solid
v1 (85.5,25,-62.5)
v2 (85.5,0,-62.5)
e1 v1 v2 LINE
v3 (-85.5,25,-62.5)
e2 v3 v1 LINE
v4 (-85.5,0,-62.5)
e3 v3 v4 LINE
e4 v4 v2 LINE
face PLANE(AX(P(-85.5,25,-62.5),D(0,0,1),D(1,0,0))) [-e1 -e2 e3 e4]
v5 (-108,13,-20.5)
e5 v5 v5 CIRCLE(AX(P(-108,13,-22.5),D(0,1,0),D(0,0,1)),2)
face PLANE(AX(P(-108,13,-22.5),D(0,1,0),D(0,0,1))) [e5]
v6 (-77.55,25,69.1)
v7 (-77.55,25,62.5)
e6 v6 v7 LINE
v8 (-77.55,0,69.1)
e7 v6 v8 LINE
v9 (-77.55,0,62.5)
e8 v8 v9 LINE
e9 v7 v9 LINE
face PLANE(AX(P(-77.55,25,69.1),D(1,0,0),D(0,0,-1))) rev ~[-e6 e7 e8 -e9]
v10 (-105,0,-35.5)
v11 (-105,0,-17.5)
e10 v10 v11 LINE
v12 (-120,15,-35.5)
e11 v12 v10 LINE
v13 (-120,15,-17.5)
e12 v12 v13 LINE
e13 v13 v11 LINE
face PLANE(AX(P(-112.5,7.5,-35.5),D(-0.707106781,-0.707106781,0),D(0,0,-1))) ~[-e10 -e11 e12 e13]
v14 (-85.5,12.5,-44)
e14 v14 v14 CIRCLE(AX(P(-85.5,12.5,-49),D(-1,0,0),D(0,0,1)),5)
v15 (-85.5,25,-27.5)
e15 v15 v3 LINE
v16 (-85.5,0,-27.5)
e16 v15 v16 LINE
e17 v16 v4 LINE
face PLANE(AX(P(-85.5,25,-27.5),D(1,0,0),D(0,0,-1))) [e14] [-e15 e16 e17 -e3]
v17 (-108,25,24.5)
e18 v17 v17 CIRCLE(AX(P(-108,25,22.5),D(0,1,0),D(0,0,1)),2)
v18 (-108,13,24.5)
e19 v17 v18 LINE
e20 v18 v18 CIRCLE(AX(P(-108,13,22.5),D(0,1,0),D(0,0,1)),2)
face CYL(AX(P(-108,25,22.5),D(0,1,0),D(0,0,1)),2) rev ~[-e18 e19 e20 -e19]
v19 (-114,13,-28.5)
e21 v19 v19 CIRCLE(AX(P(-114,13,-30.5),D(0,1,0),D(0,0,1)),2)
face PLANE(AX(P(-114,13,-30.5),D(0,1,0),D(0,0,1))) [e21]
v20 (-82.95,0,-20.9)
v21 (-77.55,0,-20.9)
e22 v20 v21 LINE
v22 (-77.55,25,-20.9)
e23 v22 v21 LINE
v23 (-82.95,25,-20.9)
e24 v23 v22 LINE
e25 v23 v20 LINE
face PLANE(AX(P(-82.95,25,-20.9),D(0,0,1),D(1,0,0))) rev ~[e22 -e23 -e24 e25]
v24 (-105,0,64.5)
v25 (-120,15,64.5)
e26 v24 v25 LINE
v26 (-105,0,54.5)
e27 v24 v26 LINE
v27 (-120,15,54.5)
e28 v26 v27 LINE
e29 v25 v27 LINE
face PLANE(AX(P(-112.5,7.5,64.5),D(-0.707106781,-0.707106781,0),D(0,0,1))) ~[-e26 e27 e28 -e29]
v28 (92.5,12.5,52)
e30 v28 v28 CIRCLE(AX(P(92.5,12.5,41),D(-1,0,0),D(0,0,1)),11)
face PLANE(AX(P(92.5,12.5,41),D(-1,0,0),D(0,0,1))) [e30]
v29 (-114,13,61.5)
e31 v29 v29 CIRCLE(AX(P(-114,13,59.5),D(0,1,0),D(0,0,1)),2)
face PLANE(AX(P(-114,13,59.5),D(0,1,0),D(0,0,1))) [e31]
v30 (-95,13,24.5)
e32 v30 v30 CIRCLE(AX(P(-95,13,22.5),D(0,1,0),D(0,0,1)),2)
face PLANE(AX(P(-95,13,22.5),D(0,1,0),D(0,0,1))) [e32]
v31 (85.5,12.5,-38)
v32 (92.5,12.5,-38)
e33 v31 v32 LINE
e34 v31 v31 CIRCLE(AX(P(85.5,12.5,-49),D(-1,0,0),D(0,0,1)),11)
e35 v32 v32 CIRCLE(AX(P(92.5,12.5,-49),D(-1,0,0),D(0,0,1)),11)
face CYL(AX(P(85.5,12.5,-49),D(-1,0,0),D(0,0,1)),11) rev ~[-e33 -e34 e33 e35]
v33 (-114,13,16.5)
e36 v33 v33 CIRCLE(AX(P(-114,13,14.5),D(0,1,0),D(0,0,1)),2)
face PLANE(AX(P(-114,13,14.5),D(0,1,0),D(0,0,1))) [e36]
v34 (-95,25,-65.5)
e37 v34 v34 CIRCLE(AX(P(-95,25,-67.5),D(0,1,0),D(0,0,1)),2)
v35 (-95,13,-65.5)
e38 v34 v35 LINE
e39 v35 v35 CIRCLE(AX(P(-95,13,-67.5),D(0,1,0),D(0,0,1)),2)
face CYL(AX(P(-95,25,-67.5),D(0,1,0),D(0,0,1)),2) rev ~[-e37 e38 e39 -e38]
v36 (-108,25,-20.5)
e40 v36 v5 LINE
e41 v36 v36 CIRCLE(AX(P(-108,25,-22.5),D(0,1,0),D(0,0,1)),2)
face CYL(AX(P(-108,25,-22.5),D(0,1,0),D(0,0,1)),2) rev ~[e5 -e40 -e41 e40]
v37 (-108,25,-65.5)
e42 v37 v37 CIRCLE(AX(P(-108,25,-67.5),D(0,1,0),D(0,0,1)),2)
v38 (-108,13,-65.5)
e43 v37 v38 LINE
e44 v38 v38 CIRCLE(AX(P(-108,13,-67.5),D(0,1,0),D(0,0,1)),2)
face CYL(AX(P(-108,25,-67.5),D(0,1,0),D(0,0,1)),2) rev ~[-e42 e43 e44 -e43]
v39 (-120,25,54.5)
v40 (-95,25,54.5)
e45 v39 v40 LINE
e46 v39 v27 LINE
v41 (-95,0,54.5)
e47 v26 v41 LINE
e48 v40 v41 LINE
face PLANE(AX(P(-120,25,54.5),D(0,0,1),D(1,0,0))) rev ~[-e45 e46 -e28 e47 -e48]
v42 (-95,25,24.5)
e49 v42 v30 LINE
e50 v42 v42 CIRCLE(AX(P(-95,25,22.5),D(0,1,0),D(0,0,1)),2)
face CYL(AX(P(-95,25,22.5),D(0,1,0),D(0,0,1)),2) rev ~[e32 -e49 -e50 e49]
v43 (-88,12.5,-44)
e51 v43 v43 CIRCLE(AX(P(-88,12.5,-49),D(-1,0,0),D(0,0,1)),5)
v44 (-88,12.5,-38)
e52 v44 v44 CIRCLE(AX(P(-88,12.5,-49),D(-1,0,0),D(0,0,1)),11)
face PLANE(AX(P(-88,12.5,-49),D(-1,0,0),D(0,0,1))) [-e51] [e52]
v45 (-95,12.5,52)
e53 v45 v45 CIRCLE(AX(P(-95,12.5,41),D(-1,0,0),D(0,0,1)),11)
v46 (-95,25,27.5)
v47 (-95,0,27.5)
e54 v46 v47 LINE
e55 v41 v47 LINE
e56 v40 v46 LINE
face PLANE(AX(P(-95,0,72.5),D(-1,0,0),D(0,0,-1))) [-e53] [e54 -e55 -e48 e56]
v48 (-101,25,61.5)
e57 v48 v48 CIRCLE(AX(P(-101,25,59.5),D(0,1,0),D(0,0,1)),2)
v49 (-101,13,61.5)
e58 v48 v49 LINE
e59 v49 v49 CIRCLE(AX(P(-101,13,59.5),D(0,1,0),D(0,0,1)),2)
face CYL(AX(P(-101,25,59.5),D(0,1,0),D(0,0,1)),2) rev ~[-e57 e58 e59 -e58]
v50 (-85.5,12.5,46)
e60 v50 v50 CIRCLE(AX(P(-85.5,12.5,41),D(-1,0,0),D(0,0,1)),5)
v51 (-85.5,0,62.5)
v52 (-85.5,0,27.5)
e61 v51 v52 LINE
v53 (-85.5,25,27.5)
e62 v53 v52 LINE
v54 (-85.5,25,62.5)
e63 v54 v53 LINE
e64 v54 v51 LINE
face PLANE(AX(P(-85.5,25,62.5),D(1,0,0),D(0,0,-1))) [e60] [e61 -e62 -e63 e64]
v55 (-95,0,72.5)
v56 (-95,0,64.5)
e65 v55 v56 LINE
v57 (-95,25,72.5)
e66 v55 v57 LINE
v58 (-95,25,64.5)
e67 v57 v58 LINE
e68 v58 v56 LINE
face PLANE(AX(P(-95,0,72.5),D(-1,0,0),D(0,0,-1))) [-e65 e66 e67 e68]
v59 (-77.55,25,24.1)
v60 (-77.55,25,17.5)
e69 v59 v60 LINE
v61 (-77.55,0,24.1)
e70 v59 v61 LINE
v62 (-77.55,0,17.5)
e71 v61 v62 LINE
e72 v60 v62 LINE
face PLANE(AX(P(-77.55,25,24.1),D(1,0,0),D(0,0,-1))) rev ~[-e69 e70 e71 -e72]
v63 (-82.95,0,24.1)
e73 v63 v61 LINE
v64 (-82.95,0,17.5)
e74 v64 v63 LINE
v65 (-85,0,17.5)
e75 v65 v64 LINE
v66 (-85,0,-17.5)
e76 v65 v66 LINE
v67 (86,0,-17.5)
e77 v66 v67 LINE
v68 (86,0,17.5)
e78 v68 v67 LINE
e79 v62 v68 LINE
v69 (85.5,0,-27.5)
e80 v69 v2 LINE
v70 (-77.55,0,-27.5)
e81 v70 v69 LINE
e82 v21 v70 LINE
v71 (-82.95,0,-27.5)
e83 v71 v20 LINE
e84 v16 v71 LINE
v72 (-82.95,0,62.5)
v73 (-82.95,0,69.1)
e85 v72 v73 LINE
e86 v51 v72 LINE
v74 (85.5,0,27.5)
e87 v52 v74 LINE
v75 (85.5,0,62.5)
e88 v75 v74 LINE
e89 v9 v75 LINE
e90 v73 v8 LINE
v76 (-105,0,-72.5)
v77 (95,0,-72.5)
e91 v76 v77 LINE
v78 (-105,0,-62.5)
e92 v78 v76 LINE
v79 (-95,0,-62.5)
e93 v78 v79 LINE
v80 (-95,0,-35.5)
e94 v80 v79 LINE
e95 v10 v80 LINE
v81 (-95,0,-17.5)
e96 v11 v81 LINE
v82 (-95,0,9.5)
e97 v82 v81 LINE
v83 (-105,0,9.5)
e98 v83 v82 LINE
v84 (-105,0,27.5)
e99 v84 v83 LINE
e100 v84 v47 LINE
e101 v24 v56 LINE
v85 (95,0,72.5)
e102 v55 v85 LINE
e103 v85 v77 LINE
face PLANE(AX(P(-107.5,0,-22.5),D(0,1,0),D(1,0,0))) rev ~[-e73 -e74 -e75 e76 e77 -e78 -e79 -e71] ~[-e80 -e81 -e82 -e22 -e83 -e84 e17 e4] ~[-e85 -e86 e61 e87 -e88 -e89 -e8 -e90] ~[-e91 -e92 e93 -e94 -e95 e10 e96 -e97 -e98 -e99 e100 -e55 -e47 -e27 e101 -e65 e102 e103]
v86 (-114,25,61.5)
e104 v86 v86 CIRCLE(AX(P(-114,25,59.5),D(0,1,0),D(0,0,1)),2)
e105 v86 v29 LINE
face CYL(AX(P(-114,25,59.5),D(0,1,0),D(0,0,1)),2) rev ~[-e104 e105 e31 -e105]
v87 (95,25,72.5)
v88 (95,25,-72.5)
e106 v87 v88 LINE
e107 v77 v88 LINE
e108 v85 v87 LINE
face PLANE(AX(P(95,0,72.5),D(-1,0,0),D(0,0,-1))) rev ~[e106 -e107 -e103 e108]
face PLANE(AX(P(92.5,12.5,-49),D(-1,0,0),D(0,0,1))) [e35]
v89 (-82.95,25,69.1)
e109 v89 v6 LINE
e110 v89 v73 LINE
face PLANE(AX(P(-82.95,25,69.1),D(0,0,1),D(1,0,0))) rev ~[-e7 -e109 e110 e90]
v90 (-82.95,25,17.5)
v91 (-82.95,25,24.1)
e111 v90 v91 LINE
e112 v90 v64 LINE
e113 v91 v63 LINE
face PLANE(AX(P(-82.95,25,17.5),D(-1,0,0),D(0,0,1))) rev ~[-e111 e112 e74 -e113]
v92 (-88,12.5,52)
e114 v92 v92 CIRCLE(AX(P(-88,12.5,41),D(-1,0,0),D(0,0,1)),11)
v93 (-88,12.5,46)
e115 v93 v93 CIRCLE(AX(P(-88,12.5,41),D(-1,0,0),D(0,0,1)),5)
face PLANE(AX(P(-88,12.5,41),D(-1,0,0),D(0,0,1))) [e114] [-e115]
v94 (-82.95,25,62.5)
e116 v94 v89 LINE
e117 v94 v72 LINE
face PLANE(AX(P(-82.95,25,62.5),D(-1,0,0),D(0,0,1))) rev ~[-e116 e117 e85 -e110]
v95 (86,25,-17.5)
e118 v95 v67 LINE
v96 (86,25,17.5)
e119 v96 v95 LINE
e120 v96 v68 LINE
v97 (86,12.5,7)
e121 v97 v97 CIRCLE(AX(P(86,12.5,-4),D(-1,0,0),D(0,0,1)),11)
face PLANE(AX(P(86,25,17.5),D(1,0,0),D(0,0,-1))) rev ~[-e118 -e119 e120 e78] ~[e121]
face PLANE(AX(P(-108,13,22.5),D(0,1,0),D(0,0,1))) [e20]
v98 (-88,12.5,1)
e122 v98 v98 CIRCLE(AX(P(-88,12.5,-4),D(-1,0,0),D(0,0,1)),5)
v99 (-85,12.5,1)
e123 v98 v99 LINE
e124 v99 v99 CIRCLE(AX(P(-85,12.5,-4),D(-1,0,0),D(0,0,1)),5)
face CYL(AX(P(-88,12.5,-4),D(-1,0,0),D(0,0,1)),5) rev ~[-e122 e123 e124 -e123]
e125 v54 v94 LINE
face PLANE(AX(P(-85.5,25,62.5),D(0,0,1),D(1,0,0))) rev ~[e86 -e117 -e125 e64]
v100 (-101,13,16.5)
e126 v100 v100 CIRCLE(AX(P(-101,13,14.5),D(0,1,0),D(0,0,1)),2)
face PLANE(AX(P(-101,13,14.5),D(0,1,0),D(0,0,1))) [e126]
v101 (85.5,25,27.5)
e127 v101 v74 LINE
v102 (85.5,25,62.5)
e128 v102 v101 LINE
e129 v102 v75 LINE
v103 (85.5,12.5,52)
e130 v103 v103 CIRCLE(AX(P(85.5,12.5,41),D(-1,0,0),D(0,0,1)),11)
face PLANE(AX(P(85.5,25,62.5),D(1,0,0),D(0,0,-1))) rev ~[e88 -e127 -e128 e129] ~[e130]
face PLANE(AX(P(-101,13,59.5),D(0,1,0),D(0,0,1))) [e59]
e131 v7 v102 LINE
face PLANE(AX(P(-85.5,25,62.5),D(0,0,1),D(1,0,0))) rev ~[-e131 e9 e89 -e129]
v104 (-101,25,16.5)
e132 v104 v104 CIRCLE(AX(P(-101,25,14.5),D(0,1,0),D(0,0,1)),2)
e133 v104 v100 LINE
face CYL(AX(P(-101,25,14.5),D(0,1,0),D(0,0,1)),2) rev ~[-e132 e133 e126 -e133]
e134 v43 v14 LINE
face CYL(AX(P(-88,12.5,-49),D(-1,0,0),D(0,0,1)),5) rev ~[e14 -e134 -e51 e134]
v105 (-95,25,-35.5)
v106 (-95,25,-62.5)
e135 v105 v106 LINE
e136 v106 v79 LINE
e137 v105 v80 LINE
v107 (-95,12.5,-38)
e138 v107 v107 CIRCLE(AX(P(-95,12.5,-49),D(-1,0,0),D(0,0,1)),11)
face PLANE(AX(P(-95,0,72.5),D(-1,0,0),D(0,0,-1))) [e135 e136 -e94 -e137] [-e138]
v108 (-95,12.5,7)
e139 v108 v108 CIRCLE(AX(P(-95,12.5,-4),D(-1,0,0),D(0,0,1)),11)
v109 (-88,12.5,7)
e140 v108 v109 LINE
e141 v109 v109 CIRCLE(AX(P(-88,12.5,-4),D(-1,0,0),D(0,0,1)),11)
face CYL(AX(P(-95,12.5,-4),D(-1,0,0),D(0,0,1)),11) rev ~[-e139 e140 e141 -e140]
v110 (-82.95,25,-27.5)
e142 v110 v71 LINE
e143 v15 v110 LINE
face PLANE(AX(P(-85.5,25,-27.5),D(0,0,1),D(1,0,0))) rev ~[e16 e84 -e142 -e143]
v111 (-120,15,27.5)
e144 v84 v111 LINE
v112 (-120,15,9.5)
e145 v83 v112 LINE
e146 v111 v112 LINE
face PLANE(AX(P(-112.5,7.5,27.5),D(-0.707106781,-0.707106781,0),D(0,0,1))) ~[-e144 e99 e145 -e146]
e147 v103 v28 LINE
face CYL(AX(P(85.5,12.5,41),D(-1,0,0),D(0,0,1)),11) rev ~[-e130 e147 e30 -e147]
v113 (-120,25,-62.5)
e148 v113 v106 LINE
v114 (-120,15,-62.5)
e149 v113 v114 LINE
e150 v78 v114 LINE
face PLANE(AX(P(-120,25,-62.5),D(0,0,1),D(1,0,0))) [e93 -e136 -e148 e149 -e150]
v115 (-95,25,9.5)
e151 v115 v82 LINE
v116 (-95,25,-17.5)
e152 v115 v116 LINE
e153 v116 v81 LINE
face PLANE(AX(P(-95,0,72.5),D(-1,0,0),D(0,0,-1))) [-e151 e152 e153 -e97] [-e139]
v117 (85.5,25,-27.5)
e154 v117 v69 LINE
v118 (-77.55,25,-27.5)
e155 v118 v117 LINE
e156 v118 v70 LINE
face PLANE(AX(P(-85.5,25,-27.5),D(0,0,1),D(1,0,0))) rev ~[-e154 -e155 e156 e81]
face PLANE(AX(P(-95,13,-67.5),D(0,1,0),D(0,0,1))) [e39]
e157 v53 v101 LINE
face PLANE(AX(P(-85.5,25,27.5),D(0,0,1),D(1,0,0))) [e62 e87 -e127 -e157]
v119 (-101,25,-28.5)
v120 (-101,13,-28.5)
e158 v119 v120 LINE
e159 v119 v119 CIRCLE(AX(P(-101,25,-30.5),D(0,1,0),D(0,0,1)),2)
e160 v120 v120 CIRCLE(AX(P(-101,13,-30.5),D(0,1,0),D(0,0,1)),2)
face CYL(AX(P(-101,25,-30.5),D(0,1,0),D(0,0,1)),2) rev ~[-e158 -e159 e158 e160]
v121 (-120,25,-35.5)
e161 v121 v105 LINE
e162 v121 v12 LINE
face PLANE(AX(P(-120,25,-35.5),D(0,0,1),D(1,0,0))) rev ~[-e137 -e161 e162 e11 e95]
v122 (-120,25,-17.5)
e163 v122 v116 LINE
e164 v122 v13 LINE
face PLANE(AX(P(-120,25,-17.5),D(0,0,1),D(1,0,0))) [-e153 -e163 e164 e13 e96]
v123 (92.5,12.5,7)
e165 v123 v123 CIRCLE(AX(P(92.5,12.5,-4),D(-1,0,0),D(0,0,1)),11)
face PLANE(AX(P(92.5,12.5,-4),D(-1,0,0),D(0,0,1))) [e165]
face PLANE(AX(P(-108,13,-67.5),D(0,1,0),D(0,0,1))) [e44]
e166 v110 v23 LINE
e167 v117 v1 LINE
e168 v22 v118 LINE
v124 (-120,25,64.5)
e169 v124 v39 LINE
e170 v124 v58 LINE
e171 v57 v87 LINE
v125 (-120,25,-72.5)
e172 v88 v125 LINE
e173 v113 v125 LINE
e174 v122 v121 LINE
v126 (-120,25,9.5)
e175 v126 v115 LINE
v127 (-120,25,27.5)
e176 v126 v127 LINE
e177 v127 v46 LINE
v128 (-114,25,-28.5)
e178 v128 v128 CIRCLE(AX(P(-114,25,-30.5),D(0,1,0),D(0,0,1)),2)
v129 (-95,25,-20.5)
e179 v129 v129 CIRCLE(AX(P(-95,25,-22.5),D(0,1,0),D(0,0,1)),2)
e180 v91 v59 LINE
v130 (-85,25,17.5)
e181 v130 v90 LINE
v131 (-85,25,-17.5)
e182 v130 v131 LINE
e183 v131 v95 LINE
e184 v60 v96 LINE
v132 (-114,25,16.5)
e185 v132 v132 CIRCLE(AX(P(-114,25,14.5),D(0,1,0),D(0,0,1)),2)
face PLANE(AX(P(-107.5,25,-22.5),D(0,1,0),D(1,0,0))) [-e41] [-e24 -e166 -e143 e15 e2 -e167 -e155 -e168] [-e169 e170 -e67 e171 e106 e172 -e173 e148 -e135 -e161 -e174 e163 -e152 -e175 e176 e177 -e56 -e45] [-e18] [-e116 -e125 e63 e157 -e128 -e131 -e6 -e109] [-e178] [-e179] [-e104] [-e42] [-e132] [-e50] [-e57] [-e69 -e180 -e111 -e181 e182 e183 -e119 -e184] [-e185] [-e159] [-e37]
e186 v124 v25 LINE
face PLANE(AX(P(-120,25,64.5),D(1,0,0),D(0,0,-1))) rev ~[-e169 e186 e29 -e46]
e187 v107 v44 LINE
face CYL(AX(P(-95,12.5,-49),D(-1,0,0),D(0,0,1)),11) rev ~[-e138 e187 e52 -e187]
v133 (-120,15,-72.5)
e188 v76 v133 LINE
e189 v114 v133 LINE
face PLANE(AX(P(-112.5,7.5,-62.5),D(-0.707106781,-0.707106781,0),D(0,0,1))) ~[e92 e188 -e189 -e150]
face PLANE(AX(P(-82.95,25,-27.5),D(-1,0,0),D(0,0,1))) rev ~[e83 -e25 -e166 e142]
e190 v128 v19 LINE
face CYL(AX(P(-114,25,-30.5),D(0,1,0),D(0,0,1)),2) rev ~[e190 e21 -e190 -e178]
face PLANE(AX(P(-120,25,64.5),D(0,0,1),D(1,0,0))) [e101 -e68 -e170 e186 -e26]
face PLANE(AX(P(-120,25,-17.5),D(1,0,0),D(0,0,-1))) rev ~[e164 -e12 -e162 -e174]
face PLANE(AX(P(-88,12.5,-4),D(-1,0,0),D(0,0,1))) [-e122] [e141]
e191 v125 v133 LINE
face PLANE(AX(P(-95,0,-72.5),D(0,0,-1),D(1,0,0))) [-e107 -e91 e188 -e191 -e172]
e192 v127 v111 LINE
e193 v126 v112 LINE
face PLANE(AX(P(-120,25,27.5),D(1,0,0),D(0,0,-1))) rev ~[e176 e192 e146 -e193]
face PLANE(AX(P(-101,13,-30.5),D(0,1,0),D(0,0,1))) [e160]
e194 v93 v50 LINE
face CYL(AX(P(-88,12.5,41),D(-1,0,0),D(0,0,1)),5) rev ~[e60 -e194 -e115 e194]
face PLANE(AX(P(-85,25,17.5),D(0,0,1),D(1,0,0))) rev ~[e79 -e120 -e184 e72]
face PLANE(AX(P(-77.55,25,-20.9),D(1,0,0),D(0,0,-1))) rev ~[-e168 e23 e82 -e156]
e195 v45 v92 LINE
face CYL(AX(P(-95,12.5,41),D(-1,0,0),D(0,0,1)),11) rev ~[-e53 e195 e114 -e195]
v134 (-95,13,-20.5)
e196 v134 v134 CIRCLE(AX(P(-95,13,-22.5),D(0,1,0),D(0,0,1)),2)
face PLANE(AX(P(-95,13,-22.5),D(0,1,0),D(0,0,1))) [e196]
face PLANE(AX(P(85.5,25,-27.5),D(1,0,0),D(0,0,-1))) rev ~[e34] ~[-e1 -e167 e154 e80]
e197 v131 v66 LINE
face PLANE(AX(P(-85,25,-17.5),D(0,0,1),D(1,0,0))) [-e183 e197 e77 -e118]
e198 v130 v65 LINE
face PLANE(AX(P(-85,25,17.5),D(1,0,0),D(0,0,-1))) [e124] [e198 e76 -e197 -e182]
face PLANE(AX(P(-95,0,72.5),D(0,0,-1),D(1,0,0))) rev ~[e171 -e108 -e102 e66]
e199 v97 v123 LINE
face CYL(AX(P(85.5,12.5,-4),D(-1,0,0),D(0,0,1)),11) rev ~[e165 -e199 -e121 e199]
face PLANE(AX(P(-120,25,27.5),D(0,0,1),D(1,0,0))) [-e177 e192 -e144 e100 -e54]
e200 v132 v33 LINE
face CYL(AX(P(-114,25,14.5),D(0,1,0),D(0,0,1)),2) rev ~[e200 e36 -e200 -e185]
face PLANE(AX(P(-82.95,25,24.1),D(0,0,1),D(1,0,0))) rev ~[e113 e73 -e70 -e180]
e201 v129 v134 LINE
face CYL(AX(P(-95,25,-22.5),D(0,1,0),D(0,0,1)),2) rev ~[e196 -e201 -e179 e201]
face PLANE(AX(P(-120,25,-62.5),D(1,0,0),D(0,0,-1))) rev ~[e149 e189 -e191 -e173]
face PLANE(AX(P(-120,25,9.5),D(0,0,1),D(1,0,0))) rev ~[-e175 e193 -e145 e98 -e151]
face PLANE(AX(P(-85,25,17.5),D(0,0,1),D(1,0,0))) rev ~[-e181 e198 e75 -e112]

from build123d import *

# Parameters (mm, degrees)
SZKIC1_W                    = 190
SZKIC1_H                    = 145
DODANIE_WYCI_GNI_CIE1_DEPTH = 25
SZKIC2_W                    = 171
SZKIC2_H                    = 35
WYTNIJ_WYCI_GNI_CIE1_DEPTH  = 50
SZKIC3_R                    = 11
WYTNIJ_WYCI_GNI_CIE2_DEPTH  = 7
SZKIC4_R                    = 11
WYTNIJ_WYCI_GNI_CIE3_DEPTH  = 7
SZKIC5_R                    = 5
WYTNIJ_WYCI_GNI_CIE4_DEPTH  = 7
SZKIC7_W                    = 25
SZKIC7_H                    = 10
DODANIE_WYCI_GNI_CIE2_DEPTH = 25
SZKIC8_R                    = 2
WYTNIJ_WYCI_GNI_CIE5_DEPTH  = 12
WYTNIJ_WYCI_GNI_CIE6_DEPTH  = 40
SZYK_LINIOWY1_COUNT         = 3
SZYK_LINIOWY1_PITCH         = 45
SFAZOWANIE1_SIZE            = 15


with BuildPart() as part:
    # Szkic1 → Dodanie-wyciągnięcie1 (new body)
    with BuildSketch(Plane(origin=(0, 0, 0), x_dir=(1, 0, 0), z_dir=(0, 1, 0))):
        Rectangle(SZKIC1_W, SZKIC1_H)
    extrude(amount=DODANIE_WYCI_GNI_CIE1_DEPTH)

    # Szkic2 → Wytnij-wyciągnięcie1 (cut)
    with BuildSketch(Plane(origin=(0, 25, 0), x_dir=(1, 0, 0), z_dir=(0, 1, 0))):
        with Locations((0.5, 0)):
            Rectangle(SZKIC2_W, SZKIC2_H)
        with Locations((0, -45)):
            Rectangle(SZKIC2_W, SZKIC2_H)
        with Locations((0, 45)):
            Rectangle(SZKIC2_W, SZKIC2_H)
    extrude(amount=-WYTNIJ_WYCI_GNI_CIE1_DEPTH, mode=Mode.SUBTRACT)

    # Szkic3 → Wytnij-wyciągnięcie2 (cut)
    with BuildSketch(Plane.ZY.offset(-85.5)):
        with Locations((41, 12.5)):
            Circle(SZKIC3_R)
    wytnij_wyci_gni_cie2 = extrude(amount=-WYTNIJ_WYCI_GNI_CIE2_DEPTH, mode=Mode.SUBTRACT)

    # Szkic4 → Wytnij-wyciągnięcie3 (cut)
    with BuildSketch(Plane.ZY.offset(95)):
        with Locations((41, 12.5)):
            Circle(SZKIC4_R)
    wytnij_wyci_gni_cie3 = extrude(amount=-WYTNIJ_WYCI_GNI_CIE3_DEPTH, mode=Mode.SUBTRACT)

    # Szkic5 → Wytnij-wyciągnięcie4 (cut)
    with BuildSketch(Plane.ZY.offset(88)):
        with Locations((41, 12.5)):
            Circle(SZKIC5_R)
    wytnij_wyci_gni_cie4 = extrude(amount=-WYTNIJ_WYCI_GNI_CIE4_DEPTH, mode=Mode.SUBTRACT)

    # Szkic7 → Dodanie-wyciągnięcie2 (add)
    with BuildSketch(Plane(origin=(0, 25, 0), x_dir=(1, 0, 0), z_dir=(0, 1, 0))):
        with Locations((-107.5, -22.5)):
            Rectangle(SZKIC7_W, SZKIC7_H)
        with Locations((-107.5, -59.5)):
            Rectangle(SZKIC7_W, SZKIC7_H)
    dodanie_wyci_gni_cie2 = extrude(amount=-DODANIE_WYCI_GNI_CIE2_DEPTH)

    # Szkic8 → Wytnij-wyciągnięcie5 (cut)
    with BuildSketch(Plane(origin=(0, 25, 0), x_dir=(1, 0, 0), z_dir=(0, 1, 0))):
        with Locations(Location((-114, -59.5, 0), (0, 0, 270))):
            Circle(SZKIC8_R)
        with Locations(Location((-101, -59.5, 0), (0, 0, 270))):
            Circle(SZKIC8_R)
        with Locations(Location((-108, -22.5, 0), (0, 0, 270))):
            Circle(SZKIC8_R)
        with Locations(Location((-95, -22.5, 0), (0, 0, 270))):
            Circle(SZKIC8_R)
    wytnij_wyci_gni_cie5 = extrude(amount=-WYTNIJ_WYCI_GNI_CIE5_DEPTH, mode=Mode.SUBTRACT)

    # Szkic10 → Wytnij-wyciągnięcie6 (cut)
    with BuildSketch(Plane(origin=(0, 25, 0), x_dir=(1, 0, 0), z_dir=(0, 1, 0))):
        with BuildLine():
            Line((-77.55, -69.1), (-77.55, -62.5))
            Line((-77.55, -62.5), (-79.425, -62.5))
            Line((-79.425, -62.5), (-79.425, -64.360545416))
            ThreePointArc((-79.425, -64.360545416), (-80.25, -68.6), (-81.075, -64.360545416))
            Line((-81.075, -64.360545416), (-81.075, -62.5))
            Line((-81.075, -62.5), (-82.95, -62.5))
            Line((-82.95, -62.5), (-82.95, -69.1))
            Line((-82.95, -69.1), (-77.55, -69.1))
        make_face()
        with BuildLine():
            Line((-79.425, -64.360545416), (-79.425, -62.5))
            Line((-79.425, -62.5), (-81.075, -62.5))
            Line((-81.075, -62.5), (-81.075, -64.360545416))
            ThreePointArc((-81.075, -64.360545416), (-80.25, -68.6), (-79.425, -64.360545416))
        make_face()
    wytnij_wyci_gni_cie6 = extrude(amount=-WYTNIJ_WYCI_GNI_CIE6_DEPTH, mode=Mode.SUBTRACT)

    # Szyk liniowy1: Wytnij-wyciągnięcie2, Wytnij-wyciągnięcie3, Wytnij-wyciągnięcie4, Dodanie-wyciągnięcie2, Wytnij-wyciągnięcie5, Wytnij-wyciągnięcie6 ×3
    with Locations(*[(0, 0, -i * SZYK_LINIOWY1_PITCH) for i in range(1, SZYK_LINIOWY1_COUNT)]):
        add(wytnij_wyci_gni_cie2, mode=Mode.SUBTRACT)
        add(wytnij_wyci_gni_cie3, mode=Mode.SUBTRACT)
        add(wytnij_wyci_gni_cie4, mode=Mode.SUBTRACT)
        add(dodanie_wyci_gni_cie2)
        add(wytnij_wyci_gni_cie5, mode=Mode.SUBTRACT)
        add(wytnij_wyci_gni_cie6, mode=Mode.SUBTRACT)

    # Sfazowanie1
    sfazowanie1_edges = [part.edges().sort_by_distance(p)[0] for p in [
        (-120, 0, 59.5),
        (-120, 0, -26.5),
        (-120, 0, -67.5),
        (-120, 0, 18.5),
    ]]
    chamfer(sfazowanie1_edges, length=SFAZOWANIE1_SIZE)


solid = part.part
